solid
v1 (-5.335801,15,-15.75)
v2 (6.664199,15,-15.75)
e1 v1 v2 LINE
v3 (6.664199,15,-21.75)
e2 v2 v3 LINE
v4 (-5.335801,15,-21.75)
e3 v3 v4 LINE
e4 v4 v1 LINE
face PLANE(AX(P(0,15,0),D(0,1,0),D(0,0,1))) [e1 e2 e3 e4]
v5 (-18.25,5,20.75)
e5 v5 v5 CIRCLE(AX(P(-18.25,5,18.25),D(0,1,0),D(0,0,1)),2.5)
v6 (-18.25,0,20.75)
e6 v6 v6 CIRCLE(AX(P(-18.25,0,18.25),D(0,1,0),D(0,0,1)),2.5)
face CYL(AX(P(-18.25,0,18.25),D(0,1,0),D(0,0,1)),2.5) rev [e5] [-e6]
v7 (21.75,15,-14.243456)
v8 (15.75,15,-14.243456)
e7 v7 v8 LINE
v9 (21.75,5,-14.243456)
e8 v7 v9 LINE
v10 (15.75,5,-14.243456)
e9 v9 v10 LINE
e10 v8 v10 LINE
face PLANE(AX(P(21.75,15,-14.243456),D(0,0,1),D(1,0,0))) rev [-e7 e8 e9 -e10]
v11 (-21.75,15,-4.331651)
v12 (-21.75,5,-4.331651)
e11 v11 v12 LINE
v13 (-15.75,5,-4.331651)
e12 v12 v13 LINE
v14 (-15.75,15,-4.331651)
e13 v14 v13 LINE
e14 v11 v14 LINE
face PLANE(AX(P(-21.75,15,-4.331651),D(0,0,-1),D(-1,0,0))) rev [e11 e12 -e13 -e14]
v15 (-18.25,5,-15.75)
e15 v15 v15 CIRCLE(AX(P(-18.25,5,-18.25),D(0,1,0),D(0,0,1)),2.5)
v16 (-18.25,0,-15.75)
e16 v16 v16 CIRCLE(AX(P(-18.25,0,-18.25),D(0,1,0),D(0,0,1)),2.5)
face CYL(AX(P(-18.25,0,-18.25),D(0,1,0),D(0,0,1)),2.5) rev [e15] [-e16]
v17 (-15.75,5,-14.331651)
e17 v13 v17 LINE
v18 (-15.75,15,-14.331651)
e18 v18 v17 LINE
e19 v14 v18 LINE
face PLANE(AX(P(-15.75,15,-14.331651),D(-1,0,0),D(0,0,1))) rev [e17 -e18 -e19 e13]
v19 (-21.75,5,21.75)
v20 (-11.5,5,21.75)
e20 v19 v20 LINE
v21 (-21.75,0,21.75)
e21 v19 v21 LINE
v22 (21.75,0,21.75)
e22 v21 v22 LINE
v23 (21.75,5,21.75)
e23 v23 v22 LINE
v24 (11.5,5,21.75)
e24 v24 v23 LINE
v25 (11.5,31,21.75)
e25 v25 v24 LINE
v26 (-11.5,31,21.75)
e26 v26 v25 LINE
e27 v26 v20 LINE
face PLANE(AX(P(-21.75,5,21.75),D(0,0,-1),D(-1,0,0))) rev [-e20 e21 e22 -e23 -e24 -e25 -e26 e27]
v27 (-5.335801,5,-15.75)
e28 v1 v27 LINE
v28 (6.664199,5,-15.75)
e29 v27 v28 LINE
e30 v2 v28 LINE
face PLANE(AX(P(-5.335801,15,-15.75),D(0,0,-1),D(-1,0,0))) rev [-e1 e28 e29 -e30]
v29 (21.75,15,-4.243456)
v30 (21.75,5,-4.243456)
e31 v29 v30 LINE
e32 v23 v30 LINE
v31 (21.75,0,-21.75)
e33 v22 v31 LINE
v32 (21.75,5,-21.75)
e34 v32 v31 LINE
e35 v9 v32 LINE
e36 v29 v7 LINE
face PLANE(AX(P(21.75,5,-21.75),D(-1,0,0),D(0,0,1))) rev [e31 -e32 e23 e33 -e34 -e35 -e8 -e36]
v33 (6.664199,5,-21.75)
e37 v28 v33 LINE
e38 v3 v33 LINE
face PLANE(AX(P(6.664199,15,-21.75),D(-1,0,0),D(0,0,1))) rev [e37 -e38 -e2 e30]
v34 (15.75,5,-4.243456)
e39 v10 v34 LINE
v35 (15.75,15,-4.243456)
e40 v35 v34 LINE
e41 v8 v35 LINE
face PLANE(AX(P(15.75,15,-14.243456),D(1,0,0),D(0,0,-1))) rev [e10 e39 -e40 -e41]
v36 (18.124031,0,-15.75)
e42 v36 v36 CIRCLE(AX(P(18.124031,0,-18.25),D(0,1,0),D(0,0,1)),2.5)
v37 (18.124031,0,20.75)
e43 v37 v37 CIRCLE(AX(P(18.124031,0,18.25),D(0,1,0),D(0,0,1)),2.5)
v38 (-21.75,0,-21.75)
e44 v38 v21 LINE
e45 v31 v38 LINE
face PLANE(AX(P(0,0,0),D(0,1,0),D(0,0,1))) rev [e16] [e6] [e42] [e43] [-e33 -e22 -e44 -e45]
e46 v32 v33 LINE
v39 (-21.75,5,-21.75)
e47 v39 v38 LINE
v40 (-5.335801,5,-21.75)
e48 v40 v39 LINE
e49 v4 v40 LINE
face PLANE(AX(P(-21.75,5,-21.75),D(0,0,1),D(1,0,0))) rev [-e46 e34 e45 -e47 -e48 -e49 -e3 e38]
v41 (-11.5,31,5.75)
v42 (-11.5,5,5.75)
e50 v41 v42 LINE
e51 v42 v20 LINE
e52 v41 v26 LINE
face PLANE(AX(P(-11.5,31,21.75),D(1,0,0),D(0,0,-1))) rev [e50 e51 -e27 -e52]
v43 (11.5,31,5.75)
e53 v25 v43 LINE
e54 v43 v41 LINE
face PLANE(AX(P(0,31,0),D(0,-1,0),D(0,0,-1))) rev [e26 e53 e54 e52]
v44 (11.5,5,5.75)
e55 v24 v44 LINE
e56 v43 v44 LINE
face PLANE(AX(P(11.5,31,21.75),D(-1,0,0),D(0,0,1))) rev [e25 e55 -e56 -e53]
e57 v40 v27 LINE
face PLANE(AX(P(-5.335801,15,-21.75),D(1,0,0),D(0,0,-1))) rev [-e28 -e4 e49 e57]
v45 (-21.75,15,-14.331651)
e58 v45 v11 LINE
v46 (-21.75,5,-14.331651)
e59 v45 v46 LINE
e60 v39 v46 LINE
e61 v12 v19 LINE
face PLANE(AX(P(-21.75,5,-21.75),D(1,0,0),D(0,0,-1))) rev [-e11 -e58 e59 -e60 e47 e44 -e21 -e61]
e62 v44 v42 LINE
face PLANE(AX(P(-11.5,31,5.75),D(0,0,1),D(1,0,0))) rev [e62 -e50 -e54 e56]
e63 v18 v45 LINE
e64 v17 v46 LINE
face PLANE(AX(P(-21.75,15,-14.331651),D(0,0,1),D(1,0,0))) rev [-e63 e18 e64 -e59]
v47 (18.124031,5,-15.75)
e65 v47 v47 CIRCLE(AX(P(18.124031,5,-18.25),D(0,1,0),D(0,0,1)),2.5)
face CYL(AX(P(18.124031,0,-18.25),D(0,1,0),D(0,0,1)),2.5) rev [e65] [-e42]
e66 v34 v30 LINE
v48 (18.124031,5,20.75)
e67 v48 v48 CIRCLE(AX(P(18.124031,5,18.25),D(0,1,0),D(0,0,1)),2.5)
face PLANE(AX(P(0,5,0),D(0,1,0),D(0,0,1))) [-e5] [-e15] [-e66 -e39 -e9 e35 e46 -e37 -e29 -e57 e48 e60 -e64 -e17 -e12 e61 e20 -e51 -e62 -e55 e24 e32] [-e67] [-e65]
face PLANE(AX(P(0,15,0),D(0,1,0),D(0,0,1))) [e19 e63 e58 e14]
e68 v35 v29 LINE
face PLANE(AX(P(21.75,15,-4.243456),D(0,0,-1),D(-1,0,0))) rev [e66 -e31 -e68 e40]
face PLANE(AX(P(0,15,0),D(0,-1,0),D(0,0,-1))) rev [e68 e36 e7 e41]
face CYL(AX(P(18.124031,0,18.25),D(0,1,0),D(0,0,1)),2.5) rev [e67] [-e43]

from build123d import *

# Parameters (mm, degrees)
SKETCH2_W           = 43.5
SKETCH2_H           = 43.5
BOSS_EXTRUDE1_DEPTH = 5
SKETCH4_W           = 23
SKETCH4_H           = 16
BOSS_EXTRUDE2_DEPTH = 26
SKETCH5_W           = 6
SKETCH5_H           = 10
SKETCH5_W_2         = 12
SKETCH5_H_2         = 6
BOSS_EXTRUDE3_DEPTH = 10
SKETCH6_R           = 2.5
CUT_EXTRUDE1_DEPTH  = 41.275612969


with BuildPart() as part:
    # Sketch2 → Boss-Extrude1 (new body)
    with BuildSketch(Plane(origin=(0, 0, 0), x_dir=(1, 0, 0), z_dir=(0, 1, 0))):
        Rectangle(SKETCH2_W, SKETCH2_H)
    extrude(amount=BOSS_EXTRUDE1_DEPTH)

    # Sketch4 → Boss-Extrude2 (add)
    with BuildSketch(Plane(origin=(0, 5, 0), x_dir=(1, 0, 0), z_dir=(0, 1, 0))):
        with Locations((0, -13.75)):
            Rectangle(SKETCH4_W, SKETCH4_H)
    extrude(amount=BOSS_EXTRUDE2_DEPTH)

    # Sketch5 → Boss-Extrude3 (add)
    with BuildSketch(Plane(origin=(0, 5, 0), x_dir=(1, 0, 0), z_dir=(0, 1, 0))):
        with Locations((-18.75, 9.331650707)):
            Rectangle(SKETCH5_W, SKETCH5_H)
        with Locations((0.664199044, 18.75)):
            Rectangle(SKETCH5_W_2, SKETCH5_H_2)
        with Locations((18.75, 9.243455857)):
            Rectangle(SKETCH5_W, SKETCH5_H)
    extrude(amount=BOSS_EXTRUDE3_DEPTH)

    # Sketch6 → Cut-Extrude1 (cut, through all)
    with BuildSketch(Plane(origin=(0, 5, 0), x_dir=(1, 0, 0), z_dir=(0, 1, 0))):
        with Locations(Location((-18.25, 18.25, 0), (0, 0, 270))):
            Circle(SKETCH6_R)
        with Locations(Location((18.124031363, 18.25, 0), (0, 0, 270))):
            Circle(SKETCH6_R)
        with Locations(Location((18.124031363, -18.25, 0), (0, 0, 270))):
            Circle(SKETCH6_R)
        with Locations(Location((-18.25, -18.25, 0), (0, 0, 270))):
            Circle(SKETCH6_R)
    extrude(amount=-CUT_EXTRUDE1_DEPTH, mode=Mode.SUBTRACT)


solid = part.part
